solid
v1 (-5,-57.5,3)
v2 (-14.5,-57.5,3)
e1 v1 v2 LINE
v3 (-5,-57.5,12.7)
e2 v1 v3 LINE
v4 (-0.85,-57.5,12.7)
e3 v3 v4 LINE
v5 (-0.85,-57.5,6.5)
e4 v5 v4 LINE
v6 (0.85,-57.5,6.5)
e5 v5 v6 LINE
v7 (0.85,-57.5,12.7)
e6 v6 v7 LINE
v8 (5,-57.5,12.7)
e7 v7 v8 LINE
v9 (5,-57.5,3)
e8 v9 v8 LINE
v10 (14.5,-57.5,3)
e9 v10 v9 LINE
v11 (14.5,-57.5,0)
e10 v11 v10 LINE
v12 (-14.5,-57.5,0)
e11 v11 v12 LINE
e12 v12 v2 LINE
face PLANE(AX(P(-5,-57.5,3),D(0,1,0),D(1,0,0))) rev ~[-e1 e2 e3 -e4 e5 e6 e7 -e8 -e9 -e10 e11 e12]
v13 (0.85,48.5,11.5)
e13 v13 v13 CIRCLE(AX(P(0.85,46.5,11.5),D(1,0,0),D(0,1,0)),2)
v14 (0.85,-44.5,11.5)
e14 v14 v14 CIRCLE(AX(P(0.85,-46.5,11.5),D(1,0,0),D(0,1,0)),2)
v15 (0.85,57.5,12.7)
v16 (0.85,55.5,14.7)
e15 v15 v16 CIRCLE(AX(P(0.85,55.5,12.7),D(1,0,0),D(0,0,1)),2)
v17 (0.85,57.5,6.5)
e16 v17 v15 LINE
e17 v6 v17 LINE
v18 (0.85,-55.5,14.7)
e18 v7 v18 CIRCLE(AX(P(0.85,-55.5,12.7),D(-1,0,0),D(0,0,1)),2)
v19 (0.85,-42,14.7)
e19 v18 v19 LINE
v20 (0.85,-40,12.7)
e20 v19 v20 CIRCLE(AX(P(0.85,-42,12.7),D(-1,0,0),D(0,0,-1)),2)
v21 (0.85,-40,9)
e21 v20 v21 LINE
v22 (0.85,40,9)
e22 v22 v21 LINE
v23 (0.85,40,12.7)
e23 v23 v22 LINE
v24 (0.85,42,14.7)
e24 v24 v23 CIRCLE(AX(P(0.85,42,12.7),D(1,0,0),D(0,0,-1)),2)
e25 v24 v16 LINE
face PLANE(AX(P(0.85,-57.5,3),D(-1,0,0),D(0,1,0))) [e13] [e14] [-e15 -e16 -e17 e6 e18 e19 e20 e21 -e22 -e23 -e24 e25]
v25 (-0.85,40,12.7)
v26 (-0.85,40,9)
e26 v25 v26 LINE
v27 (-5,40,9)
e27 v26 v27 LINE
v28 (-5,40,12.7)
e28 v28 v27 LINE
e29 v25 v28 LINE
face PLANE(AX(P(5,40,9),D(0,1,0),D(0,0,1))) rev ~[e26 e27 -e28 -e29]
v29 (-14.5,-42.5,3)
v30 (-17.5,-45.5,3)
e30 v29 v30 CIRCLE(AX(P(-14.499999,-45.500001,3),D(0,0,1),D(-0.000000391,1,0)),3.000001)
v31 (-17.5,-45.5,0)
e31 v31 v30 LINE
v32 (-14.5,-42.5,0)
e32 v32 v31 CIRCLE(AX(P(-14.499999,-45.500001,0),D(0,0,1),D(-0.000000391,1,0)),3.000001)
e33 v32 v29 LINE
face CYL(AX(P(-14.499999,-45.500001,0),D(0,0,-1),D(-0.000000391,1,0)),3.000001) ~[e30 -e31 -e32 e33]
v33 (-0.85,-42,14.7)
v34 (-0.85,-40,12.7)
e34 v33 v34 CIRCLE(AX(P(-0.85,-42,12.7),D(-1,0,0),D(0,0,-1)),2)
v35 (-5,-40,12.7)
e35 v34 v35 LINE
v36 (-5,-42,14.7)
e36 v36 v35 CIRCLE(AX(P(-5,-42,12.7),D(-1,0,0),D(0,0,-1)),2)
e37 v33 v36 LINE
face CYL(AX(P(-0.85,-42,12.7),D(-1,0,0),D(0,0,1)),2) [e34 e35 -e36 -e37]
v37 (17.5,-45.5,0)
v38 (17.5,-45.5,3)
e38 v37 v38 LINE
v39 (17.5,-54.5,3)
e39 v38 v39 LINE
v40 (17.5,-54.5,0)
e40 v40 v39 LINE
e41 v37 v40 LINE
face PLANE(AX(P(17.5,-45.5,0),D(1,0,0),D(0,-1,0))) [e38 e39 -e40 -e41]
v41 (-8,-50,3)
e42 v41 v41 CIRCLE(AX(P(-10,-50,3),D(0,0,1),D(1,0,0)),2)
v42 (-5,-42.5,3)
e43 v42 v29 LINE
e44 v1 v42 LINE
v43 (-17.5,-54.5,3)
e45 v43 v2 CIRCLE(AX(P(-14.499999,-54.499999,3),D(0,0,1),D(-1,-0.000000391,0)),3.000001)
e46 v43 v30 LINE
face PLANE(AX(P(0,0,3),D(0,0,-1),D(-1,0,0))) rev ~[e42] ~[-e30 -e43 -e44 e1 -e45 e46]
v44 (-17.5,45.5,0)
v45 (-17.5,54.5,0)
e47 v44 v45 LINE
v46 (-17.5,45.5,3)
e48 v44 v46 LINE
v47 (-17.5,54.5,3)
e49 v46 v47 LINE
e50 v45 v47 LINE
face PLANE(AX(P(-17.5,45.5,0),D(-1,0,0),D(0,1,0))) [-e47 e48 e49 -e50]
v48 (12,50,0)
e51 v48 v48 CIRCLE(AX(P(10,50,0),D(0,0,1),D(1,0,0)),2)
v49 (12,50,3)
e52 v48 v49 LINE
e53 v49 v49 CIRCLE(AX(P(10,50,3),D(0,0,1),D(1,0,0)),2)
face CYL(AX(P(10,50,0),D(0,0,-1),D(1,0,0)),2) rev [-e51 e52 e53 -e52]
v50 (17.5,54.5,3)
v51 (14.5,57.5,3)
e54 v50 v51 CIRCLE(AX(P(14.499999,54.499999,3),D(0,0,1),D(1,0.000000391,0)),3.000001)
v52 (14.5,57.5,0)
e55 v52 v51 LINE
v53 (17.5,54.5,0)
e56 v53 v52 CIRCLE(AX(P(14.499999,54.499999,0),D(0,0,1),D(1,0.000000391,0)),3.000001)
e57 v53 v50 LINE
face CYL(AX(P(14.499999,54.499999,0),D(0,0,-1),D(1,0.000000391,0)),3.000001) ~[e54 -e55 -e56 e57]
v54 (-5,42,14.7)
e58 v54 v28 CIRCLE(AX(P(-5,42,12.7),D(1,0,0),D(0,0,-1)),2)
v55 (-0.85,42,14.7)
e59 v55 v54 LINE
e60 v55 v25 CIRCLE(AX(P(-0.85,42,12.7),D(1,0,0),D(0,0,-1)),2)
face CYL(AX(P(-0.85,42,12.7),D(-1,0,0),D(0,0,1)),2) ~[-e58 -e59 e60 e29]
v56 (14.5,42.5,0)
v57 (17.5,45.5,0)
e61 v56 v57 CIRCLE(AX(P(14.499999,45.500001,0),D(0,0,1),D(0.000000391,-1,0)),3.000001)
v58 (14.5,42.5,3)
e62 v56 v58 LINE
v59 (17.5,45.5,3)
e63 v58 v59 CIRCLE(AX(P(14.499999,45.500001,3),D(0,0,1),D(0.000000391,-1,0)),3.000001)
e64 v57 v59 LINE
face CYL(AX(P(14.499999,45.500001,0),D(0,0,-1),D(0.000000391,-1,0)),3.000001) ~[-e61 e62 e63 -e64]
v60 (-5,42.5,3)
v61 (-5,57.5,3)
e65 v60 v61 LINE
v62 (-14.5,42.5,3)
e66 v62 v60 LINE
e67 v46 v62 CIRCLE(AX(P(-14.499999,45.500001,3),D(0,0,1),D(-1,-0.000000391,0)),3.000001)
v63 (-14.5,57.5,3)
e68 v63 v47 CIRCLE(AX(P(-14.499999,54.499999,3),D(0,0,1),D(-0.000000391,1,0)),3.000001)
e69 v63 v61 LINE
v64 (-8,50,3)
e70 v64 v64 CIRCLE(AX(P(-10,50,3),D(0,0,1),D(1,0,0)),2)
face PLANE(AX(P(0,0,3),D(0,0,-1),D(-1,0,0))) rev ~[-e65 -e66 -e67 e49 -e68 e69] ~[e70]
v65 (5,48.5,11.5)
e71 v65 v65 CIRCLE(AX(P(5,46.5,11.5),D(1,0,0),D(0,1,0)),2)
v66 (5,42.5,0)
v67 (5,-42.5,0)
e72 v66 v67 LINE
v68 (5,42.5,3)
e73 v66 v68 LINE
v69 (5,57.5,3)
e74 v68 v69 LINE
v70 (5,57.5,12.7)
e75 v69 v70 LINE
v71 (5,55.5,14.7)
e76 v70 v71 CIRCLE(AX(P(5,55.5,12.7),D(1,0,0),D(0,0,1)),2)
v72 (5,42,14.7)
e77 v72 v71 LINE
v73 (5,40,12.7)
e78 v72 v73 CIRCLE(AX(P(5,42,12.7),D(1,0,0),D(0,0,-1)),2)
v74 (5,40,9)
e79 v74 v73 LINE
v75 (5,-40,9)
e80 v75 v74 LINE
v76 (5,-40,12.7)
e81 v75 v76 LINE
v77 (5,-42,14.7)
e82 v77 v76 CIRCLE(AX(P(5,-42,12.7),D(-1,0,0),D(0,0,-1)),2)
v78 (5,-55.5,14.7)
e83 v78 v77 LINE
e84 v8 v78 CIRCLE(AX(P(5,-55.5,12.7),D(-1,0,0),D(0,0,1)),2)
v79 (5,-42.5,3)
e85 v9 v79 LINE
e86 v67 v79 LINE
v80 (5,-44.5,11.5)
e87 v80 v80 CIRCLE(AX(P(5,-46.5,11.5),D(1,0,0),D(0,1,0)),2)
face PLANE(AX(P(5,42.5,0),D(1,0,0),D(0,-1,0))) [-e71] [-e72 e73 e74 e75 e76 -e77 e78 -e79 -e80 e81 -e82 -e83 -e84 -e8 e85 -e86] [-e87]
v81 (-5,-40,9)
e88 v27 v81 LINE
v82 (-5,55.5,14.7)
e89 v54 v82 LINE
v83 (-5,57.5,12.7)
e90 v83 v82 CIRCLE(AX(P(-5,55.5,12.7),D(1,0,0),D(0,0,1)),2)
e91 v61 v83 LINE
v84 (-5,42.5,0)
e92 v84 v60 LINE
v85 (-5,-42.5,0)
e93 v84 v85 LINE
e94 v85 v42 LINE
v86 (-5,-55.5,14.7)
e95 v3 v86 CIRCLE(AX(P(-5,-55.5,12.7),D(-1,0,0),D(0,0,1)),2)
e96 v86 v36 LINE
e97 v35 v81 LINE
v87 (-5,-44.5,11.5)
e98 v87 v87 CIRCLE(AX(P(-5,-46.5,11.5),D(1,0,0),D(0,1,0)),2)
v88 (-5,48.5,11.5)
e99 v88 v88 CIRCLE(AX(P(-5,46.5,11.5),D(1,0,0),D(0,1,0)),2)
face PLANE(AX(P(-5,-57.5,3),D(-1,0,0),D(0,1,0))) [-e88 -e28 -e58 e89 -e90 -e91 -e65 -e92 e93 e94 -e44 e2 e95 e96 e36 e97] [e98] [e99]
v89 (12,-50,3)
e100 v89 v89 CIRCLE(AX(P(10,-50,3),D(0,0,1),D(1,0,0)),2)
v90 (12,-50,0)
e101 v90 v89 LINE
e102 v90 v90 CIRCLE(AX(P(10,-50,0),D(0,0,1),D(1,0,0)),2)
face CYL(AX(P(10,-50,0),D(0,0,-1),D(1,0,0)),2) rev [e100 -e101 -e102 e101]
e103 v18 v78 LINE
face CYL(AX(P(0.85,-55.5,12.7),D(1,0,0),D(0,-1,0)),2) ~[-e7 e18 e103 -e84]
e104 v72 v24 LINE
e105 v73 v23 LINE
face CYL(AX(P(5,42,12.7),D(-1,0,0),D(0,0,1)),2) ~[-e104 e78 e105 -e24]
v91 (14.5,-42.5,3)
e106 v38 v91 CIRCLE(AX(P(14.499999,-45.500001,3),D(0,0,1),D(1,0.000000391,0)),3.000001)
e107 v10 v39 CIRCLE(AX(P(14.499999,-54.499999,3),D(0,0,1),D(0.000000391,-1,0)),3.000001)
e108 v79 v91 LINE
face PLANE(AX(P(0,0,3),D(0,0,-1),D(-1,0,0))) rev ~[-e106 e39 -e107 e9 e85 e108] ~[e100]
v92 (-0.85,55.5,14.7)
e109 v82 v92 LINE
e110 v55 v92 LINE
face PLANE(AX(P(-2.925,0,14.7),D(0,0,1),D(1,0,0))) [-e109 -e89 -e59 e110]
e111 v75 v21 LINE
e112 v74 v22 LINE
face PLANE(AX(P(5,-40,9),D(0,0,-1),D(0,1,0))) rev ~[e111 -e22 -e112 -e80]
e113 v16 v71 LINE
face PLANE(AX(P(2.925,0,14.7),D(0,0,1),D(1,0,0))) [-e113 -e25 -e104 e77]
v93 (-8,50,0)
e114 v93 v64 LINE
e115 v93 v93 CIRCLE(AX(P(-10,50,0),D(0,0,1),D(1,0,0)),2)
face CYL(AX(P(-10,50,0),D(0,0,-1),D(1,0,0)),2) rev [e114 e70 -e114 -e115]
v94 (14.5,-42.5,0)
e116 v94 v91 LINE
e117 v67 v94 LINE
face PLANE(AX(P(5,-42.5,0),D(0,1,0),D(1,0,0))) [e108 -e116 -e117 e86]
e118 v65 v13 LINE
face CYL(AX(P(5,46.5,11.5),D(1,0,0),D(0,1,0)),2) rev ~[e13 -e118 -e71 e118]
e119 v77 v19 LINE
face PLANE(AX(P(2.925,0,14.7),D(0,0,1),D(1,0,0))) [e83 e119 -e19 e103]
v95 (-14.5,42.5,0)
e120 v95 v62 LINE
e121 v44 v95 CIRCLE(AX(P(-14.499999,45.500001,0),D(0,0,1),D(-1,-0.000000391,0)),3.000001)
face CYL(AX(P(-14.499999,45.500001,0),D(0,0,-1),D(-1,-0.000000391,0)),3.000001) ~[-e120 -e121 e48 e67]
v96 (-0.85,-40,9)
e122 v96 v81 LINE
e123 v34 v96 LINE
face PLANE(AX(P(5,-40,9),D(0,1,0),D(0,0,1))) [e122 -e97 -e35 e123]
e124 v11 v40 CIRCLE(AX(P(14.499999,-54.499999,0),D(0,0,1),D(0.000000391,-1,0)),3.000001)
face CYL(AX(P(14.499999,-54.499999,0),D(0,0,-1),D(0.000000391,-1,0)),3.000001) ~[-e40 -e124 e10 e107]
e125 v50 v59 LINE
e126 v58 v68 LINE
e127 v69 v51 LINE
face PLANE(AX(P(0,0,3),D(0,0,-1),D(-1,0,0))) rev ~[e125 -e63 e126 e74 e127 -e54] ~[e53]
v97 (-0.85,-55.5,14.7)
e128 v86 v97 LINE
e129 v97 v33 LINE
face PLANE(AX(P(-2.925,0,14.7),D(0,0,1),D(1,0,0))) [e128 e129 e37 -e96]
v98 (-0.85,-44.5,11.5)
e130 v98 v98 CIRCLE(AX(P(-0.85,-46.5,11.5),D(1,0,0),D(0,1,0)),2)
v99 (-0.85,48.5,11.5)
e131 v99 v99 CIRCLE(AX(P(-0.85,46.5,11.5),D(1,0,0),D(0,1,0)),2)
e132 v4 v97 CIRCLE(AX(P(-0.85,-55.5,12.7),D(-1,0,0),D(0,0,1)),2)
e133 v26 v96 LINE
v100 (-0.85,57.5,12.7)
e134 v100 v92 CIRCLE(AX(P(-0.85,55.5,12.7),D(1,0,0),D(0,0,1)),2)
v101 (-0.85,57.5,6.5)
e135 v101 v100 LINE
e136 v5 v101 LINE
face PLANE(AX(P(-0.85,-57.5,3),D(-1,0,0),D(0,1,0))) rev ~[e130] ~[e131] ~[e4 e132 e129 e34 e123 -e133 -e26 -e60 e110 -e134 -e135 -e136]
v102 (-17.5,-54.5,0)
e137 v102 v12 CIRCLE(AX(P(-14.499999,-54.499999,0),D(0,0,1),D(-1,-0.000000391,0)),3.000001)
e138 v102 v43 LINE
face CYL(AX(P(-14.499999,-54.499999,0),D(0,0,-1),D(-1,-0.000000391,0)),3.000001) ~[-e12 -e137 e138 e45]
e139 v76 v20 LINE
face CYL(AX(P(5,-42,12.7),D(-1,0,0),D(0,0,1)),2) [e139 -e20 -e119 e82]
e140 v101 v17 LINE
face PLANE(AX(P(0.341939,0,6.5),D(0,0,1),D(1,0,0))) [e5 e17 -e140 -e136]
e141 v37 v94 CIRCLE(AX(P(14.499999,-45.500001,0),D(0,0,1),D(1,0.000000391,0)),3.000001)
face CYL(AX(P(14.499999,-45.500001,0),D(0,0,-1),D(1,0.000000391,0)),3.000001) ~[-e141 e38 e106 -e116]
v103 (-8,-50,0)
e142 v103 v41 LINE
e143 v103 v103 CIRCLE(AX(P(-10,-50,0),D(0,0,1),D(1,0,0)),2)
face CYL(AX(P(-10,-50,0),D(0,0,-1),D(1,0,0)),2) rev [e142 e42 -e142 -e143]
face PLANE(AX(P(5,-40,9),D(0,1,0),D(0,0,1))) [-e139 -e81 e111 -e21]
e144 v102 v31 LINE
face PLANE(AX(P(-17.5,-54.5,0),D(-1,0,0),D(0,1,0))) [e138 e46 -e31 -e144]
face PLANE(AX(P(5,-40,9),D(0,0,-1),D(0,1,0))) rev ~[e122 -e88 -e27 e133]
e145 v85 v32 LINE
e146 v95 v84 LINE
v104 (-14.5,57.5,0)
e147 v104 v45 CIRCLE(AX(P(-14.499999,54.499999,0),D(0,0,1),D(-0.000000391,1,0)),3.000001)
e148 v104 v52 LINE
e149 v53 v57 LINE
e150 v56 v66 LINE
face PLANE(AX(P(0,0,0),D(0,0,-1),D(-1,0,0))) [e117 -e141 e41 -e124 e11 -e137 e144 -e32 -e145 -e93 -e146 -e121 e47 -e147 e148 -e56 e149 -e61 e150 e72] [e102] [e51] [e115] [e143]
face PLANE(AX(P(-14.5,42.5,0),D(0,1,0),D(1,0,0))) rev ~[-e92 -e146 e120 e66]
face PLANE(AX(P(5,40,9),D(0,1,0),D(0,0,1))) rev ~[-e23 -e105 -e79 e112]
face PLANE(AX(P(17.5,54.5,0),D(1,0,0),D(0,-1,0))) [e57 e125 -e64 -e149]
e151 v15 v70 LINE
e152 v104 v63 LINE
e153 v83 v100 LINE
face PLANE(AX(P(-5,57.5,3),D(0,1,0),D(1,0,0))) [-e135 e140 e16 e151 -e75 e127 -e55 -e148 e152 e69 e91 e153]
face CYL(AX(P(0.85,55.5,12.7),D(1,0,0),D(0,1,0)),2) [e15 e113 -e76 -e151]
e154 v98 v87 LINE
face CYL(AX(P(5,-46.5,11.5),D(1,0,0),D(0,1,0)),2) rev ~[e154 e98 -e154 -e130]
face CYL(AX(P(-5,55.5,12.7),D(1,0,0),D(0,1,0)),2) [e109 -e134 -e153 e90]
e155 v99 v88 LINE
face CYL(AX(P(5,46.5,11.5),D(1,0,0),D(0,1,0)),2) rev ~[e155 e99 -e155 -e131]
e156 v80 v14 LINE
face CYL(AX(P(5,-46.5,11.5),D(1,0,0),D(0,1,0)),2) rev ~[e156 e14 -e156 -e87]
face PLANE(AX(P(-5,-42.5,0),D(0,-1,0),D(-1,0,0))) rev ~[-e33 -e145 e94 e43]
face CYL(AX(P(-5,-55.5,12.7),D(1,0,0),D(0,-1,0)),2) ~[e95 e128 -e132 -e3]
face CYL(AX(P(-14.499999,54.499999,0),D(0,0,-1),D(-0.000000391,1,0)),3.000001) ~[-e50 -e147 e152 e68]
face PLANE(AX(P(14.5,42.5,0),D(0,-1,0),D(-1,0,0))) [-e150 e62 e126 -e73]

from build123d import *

# Parameters (mm, degrees)
SKETCH_R     = 2
PAD_DEPTH    = 3
SKETCH001_W  = 4.15
SKETCH001_H  = 115
PAD001_DEPTH = 11.7
SKETCH002_R  = 2
SKETCH002_W  = 80
SKETCH002_H  = 6
POCKET_DEPTH = 15
SKETCH003_W  = 4.09
SKETCH003_H  = 115
PAD002_DEPTH = 3.5
FILLET_R     = 2
FILLET001_R  = 2
FILLET002_R  = 2
FILLET003_R  = 2


with BuildPart() as part:
    # Sketch → Pad (new body)
    with BuildSketch(Plane.XY):
        with BuildLine():
            Line((-14.5, 57.5), (14.5, 57.5))
            ThreePointArc((17.5, 54.5), (16.62132, 56.62132), (14.5, 57.5))
            Line((17.5, 54.5), (17.5, 45.5))
            ThreePointArc((14.5, 42.5), (16.62132, 43.37868), (17.5, 45.5))
            Line((14.5, 42.5), (5, 42.5))
            Line((5, 42.5), (5, -42.5))
            Line((5, -42.5), (14.5, -42.5))
            ThreePointArc((17.5, -45.5), (16.62132, -43.37868), (14.5, -42.5))
            Line((17.5, -45.5), (17.5, -54.5))
            ThreePointArc((14.5, -57.5), (16.62132, -56.62132), (17.5, -54.5))
            Line((14.5, -57.5), (-14.5, -57.5))
            ThreePointArc((-17.5, -54.5), (-16.62132, -56.62132), (-14.5, -57.5))
            Line((-17.5, -54.5), (-17.5, -45.5))
            ThreePointArc((-14.5, -42.5), (-16.62132, -43.37868), (-17.5, -45.5))
            Line((-5, -42.5), (-14.5, -42.5))
            Line((-5, 42.5), (-5, -42.5))
            Line((-14.5, 42.5), (-5, 42.5))
            ThreePointArc((-17.5, 45.5), (-16.62132, 43.37868), (-14.5, 42.5))
            Line((-17.5, 45.5), (-17.5, 54.5))
            ThreePointArc((-14.5, 57.5), (-16.62132, 56.62132), (-17.5, 54.5))
        make_face()
        with Locations((-10, 50)):
            Circle(SKETCH_R, mode=Mode.SUBTRACT)
        with Locations((10, 50)):
            Circle(SKETCH_R, mode=Mode.SUBTRACT)
        with Locations((-10, -50)):
            Circle(SKETCH_R, mode=Mode.SUBTRACT)
        with Locations((10, -50)):
            Circle(SKETCH_R, mode=Mode.SUBTRACT)
    extrude(amount=PAD_DEPTH)

    # Sketch001 → Pad001 (join)
    with BuildSketch(Plane.XY.offset(3)):
        with Locations((-2.925, 0)):
            Rectangle(SKETCH001_W, SKETCH001_H)
        with Locations((2.925, 0)):
            Rectangle(SKETCH001_W, SKETCH001_H)
    extrude(amount=PAD001_DEPTH)

    # Sketch002 → Pocket (cut)
    with BuildSketch(Plane.YZ.offset(5)):
        with Locations((-46.5, 11.5)):
            Circle(SKETCH002_R)
        with Locations((46.5, 11.5)):
            Circle(SKETCH002_R)
        with Locations((0, 12)):
            Rectangle(SKETCH002_W, SKETCH002_H)
    extrude(amount=-POCKET_DEPTH, mode=Mode.SUBTRACT)

    # Sketch003 → Pad002 (join)
    with BuildSketch(Plane.XY.offset(3)):
        with Locations((0.341939, 0)):
            Rectangle(SKETCH003_W, SKETCH003_H)
    extrude(amount=PAD002_DEPTH)

    # Fillet
    fillet_edges = [part.edges().sort_by_distance(p)[0] for p in [
        (2.925, -57.5, 14.7),
    ]]
    fillet(fillet_edges, radius=FILLET_R)

    # Fillet001
    fillet001_edges = [part.edges().sort_by_distance(p)[0] for p in [
        (-2.925, -57.5, 14.7),
    ]]
    fillet(fillet001_edges, radius=FILLET001_R)

    # Fillet002
    fillet002_edges = [part.edges().sort_by_distance(p)[0] for p in [
        (-2.925, 57.5, 14.7),
        (2.925, 57.5, 14.7),
    ]]
    fillet(fillet002_edges, radius=FILLET002_R)

    # Fillet003
    fillet003_edges = [part.edges().sort_by_distance(p)[0] for p in [
        (-2.925, -40, 14.7),
        (2.925, -40, 14.7),
        (-2.925, 40, 14.7),
        (2.925, 40, 14.7),
    ]]
    fillet(fillet003_edges, radius=FILLET003_R)


solid = part.part
